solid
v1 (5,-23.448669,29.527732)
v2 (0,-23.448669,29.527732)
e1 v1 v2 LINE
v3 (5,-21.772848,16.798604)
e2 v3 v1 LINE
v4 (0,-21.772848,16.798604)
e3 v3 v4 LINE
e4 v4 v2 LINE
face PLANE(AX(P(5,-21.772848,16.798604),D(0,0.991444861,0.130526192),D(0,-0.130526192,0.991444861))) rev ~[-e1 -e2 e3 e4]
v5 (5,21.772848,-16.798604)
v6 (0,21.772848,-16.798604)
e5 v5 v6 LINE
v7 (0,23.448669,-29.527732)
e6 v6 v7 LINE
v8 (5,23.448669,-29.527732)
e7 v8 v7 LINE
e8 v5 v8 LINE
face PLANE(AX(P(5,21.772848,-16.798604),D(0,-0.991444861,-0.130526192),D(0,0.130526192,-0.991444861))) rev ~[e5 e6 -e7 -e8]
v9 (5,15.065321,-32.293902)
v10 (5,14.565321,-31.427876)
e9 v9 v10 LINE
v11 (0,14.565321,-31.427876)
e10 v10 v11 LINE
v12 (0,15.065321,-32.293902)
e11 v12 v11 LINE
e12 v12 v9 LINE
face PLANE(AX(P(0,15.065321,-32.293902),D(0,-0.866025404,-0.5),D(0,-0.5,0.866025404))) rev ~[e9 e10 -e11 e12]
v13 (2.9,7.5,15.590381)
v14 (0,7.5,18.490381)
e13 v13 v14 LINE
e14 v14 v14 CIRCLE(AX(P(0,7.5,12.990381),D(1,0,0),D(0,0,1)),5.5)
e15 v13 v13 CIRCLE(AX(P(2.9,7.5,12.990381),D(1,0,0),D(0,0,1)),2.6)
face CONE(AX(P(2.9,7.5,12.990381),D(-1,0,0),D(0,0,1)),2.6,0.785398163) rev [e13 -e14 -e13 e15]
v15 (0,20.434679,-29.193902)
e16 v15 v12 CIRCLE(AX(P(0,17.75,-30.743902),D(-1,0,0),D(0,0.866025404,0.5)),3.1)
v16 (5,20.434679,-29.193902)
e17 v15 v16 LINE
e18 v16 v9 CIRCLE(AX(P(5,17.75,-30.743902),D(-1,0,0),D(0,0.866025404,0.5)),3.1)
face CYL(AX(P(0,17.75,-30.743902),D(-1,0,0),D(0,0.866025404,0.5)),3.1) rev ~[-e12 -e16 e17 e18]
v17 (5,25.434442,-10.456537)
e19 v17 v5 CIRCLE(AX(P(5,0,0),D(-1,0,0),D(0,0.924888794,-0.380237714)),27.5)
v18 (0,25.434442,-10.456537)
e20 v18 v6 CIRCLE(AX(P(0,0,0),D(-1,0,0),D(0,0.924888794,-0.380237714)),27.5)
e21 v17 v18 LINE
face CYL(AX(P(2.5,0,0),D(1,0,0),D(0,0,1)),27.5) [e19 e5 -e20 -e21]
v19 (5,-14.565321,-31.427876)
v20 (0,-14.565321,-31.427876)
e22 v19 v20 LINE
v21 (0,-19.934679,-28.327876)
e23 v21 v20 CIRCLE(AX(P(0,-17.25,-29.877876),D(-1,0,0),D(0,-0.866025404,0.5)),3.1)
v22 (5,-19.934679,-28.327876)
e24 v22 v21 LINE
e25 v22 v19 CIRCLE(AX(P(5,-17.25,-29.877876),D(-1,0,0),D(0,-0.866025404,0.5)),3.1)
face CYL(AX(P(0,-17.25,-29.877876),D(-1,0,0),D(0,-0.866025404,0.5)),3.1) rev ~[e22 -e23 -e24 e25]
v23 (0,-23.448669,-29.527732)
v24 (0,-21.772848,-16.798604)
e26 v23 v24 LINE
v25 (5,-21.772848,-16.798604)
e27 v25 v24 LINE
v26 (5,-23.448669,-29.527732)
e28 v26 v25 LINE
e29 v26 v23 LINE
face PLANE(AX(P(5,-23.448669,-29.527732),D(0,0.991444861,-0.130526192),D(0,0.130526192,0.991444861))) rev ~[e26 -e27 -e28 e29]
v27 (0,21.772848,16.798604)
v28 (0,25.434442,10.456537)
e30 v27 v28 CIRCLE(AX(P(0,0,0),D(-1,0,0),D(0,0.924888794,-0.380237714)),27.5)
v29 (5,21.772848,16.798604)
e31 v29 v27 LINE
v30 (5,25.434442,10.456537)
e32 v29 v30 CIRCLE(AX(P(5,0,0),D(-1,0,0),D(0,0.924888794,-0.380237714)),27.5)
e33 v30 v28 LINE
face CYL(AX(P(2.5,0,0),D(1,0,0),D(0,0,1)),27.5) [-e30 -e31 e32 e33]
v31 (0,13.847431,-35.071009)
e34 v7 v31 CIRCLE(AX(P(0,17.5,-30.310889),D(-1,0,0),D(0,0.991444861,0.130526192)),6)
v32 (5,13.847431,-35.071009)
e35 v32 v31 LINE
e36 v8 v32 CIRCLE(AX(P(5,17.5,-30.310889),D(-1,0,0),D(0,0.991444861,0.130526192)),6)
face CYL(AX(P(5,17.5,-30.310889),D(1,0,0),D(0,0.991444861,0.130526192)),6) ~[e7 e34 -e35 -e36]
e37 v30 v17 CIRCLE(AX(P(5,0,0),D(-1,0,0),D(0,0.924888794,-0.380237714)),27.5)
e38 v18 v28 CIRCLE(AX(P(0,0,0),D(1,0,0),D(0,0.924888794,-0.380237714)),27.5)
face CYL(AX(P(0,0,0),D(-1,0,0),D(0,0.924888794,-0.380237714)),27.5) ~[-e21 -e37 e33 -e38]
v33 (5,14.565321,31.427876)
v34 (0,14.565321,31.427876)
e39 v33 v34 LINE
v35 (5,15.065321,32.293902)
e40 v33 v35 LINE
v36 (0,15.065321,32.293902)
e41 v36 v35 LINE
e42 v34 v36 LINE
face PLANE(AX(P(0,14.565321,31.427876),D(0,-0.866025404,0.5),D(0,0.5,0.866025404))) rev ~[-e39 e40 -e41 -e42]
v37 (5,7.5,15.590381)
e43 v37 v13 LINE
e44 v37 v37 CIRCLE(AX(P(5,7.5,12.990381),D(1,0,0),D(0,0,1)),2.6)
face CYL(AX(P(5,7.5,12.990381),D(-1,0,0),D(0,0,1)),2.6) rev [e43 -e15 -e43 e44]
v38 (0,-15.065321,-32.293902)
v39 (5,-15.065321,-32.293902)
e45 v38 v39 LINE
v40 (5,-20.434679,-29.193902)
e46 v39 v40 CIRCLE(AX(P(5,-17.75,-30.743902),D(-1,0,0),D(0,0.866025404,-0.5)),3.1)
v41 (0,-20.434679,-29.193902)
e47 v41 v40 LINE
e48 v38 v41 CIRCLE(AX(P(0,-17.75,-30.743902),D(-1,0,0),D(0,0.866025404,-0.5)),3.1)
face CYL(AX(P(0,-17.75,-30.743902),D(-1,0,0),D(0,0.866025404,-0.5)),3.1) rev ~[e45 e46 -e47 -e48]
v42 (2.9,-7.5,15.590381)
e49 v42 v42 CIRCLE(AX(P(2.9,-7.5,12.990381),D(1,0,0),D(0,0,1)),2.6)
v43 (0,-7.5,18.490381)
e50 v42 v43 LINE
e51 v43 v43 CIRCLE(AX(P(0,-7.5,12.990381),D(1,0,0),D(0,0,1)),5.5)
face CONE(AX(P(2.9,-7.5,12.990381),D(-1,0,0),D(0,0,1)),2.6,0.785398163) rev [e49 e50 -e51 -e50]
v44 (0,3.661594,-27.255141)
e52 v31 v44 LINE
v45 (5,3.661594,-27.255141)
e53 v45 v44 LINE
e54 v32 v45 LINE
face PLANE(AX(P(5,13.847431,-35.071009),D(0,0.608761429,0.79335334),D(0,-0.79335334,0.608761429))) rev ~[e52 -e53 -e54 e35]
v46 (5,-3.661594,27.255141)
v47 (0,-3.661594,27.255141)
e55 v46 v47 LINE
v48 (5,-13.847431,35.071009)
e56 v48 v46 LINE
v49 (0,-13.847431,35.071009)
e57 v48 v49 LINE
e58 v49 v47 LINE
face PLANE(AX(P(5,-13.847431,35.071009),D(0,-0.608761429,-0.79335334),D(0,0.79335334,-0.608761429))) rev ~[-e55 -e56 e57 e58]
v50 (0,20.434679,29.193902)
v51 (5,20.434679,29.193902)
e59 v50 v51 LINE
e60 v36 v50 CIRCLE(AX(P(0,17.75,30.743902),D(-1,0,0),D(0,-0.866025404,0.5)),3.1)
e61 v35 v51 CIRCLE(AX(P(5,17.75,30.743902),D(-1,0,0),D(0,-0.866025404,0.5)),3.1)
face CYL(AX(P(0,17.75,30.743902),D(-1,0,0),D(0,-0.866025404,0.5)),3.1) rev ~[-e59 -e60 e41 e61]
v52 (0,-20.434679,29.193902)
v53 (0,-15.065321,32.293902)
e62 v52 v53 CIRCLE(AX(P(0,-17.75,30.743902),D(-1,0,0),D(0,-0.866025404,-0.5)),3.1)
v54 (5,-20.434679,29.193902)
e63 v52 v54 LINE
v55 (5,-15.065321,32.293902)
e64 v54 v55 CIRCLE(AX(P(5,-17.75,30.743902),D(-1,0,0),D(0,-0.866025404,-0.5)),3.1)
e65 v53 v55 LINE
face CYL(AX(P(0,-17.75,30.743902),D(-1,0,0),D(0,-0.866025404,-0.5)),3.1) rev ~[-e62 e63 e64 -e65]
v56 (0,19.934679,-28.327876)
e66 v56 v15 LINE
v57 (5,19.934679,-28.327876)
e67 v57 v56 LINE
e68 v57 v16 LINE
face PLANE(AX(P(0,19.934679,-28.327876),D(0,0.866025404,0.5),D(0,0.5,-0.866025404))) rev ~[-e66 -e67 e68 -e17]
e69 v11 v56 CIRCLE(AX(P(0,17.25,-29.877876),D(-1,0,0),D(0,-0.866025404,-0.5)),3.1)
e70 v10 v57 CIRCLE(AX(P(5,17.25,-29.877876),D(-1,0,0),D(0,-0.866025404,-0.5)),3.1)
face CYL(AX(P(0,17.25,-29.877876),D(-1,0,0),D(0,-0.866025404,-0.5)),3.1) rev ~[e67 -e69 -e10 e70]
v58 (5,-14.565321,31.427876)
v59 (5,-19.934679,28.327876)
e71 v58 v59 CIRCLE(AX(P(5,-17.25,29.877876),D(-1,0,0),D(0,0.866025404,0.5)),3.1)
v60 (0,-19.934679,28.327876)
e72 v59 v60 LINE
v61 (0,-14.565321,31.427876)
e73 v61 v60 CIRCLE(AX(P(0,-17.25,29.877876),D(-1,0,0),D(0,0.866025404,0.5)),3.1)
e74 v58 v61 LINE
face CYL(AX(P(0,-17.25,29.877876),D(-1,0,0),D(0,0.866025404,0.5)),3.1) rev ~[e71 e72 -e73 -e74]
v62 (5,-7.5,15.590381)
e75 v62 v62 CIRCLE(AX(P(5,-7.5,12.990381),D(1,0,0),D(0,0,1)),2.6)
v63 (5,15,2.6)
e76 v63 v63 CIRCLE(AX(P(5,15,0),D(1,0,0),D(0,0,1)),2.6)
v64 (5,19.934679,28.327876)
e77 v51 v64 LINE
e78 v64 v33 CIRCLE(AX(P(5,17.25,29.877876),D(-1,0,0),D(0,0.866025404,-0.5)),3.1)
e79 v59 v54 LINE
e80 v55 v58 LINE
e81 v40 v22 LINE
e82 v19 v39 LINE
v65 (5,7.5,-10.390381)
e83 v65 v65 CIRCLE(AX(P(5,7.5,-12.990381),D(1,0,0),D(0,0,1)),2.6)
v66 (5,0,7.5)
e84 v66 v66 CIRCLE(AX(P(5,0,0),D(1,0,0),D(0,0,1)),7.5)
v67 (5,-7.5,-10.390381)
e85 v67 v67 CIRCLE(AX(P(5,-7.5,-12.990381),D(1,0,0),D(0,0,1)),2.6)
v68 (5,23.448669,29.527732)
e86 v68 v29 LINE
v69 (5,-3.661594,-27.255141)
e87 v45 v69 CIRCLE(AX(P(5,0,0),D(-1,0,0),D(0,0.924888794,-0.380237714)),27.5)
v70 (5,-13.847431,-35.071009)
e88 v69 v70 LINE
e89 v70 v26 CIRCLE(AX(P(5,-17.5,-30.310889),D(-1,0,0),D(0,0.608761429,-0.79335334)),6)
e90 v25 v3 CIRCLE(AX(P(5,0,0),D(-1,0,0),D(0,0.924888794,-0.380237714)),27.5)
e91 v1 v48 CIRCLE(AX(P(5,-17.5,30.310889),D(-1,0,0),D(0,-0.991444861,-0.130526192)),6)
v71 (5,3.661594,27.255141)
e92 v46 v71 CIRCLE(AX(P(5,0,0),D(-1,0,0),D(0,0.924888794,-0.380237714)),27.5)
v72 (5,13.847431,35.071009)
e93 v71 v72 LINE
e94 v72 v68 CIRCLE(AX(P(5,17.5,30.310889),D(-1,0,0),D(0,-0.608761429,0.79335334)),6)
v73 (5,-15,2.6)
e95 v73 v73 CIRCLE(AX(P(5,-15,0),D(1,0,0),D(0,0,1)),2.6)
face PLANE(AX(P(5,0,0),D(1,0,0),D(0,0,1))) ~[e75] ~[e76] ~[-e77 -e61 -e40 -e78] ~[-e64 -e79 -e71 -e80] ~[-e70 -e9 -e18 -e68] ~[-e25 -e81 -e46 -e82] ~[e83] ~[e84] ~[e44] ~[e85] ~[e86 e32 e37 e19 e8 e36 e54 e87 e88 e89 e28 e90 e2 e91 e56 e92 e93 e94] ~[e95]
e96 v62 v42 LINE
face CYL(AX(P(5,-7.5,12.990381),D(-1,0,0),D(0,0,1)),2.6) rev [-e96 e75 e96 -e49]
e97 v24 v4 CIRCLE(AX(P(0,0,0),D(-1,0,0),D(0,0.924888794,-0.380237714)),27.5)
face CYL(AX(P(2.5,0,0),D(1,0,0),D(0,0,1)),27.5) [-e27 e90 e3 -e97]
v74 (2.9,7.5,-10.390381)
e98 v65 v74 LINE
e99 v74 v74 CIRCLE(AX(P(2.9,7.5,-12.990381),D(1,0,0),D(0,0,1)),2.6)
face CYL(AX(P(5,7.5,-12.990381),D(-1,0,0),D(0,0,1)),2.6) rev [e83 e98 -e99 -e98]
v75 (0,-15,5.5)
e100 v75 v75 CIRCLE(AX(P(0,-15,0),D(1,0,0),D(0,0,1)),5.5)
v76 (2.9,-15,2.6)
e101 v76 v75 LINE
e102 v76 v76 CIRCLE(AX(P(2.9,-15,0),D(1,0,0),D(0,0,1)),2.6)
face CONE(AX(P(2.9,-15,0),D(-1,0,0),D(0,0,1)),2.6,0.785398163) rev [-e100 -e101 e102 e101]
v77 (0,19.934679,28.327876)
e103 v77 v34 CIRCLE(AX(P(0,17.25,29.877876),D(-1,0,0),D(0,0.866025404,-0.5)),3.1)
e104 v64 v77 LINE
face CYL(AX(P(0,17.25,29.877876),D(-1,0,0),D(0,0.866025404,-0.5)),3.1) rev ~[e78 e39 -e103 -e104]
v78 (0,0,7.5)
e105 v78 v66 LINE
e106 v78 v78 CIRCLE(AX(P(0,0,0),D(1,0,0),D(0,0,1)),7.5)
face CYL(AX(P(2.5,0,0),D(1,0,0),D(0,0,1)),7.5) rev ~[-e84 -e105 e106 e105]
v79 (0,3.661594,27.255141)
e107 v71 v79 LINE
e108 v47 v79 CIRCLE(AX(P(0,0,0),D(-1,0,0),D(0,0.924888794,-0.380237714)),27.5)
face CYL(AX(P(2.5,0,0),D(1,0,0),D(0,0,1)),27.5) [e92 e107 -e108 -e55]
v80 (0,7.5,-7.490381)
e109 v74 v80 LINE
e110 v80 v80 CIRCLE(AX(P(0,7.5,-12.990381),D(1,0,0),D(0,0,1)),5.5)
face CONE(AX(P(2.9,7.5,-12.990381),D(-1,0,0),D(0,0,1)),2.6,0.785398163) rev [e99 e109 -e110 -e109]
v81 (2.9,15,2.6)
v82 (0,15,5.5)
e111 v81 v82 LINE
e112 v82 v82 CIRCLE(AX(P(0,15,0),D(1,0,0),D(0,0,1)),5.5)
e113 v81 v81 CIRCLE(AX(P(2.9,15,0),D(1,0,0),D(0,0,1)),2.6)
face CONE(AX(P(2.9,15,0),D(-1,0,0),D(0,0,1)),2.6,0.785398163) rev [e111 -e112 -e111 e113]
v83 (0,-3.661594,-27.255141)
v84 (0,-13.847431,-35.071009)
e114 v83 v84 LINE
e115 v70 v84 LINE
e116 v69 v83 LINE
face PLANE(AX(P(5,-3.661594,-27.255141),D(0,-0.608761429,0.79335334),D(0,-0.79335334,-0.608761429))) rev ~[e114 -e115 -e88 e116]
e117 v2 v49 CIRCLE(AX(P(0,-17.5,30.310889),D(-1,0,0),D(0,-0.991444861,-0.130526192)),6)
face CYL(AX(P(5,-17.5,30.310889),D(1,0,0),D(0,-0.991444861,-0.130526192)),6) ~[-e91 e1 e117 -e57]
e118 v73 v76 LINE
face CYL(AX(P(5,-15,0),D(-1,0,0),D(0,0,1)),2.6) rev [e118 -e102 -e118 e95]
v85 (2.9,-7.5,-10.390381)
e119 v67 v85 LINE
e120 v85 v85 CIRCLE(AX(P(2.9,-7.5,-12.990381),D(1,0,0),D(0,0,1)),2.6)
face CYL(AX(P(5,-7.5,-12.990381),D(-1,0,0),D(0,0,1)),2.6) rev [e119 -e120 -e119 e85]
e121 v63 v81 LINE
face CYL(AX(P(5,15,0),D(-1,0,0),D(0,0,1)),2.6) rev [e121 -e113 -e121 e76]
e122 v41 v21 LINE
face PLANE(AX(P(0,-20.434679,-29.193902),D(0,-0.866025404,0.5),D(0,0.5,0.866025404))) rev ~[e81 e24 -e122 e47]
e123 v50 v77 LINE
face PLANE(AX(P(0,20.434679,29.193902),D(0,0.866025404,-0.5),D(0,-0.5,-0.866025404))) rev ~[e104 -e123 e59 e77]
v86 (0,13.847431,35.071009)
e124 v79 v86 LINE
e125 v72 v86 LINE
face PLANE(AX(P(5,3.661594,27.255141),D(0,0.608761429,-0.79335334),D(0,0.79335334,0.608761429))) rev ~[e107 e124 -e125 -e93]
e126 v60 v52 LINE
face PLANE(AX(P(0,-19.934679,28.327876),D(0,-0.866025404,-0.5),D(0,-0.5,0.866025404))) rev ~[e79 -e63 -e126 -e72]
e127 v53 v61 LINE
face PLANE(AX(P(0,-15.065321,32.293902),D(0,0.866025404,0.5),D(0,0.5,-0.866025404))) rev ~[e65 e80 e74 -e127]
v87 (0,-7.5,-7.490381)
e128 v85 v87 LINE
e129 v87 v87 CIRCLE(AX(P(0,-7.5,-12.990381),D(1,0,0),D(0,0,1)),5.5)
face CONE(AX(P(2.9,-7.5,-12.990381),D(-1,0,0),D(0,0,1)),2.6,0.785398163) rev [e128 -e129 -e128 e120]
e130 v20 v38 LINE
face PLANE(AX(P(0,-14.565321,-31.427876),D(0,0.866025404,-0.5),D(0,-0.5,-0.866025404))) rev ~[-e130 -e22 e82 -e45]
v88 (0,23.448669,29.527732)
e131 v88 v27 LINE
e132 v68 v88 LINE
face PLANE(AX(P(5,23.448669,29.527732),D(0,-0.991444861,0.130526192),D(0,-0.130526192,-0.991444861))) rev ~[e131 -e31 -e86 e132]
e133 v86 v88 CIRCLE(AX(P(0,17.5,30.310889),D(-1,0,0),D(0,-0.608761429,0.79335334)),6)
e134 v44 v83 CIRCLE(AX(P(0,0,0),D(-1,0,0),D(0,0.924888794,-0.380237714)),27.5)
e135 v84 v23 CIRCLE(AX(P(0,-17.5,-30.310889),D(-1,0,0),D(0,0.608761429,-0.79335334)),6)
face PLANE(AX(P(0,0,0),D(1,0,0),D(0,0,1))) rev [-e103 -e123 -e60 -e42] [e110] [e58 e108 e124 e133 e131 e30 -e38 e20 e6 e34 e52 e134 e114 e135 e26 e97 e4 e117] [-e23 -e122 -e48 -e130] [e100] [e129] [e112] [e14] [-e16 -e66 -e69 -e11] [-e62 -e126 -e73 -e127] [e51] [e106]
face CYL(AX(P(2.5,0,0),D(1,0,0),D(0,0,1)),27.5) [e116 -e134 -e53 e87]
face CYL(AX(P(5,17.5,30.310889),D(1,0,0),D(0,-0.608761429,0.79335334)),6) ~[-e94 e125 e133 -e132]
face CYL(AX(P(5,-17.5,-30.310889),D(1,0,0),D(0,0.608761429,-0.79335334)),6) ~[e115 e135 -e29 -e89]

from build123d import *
from build123d.topology import SkipClean

# Parameters (mm, degrees)
SKETCH_1_W                 = 5
SKETCH_1_H                 = 20
EXTRUDE_START              = -5
EXTRUDE_1_DEPTH            = 5
PATTERN_CIRCULAR_3_COUNT   = 3
PATTERN_CIRCULAR_3_ANGLE   = 120
F_3_THE_OTHER_WAY_COUNT    = 3
F_3_THE_OTHER_WAY_ANGLE    = 120
CUT_EXTRUDE_3_DEPTH        = 55.995278612
PATTERN_CIRCULAR_2_COUNT   = 3
PATTERN_CIRCULAR_2_ANGLE   = 120
F_2_THE_OTHER_WAY_COUNT    = 3
F_2_THE_OTHER_WAY_ANGLE    = 120
HOLE_WIZARD_M51_AT_2_COUNT = 2
HOLE_WIZARD_M51_AT_2_PITCH = 15
HOLE_WIZARD_M51_AT_3_COUNT = 2
HOLE_WIZARD_M51_AT_3_PITCH = 25.980762114
HOLE_WIZARD_M51_AT_4_COUNT = 2
HOLE_WIZARD_M51_AT_4_PITCH = 30
HOLE_WIZARD_M51_AT_5_COUNT = 2
HOLE_WIZARD_M51_AT_5_PITCH = 25.980762114
HOLE_WIZARD_M51_AT_6_COUNT = 2
HOLE_WIZARD_M51_AT_6_PITCH = 15
CUT_EXTRUDE_4_DEPTH        = 55.995278612


with BuildPart() as part:
    # Эскиз1 → Повернуть1 (revolve)
    with BuildSketch(Plane.XY, mode=Mode.PRIVATE) as revolve_1_sk:
        with Locations((2.5, 17.5)):
            Rectangle(SKETCH_1_W, SKETCH_1_H)
    revolve(revolve_1_sk.sketch.rotate(Axis((-29.36512031, 0, 0), (1, 0, 0)), 90), axis=Axis((-29.36512031, 0, 0), (1, 0, 0)))

    # Эскиз11 → Бобышка-Вытянуть1 (add)
    with BuildSketch(Plane.ZY.offset(EXTRUDE_START)):
        with BuildLine():
            Line((-5.543277195, 37.296100594), (-10.456537126, 25.434441832))
            ThreePointArc((-10.456537126, 25.434441832), (0, 27.5), (10.456537126, 25.434441832))
            Line((10.456537126, 25.434441832), (5.543277195, 37.296100594))
            ThreePointArc((5.543277195, 37.296100594), (0, 41), (-5.543277195, 37.296100594))
        make_face()
    extrude_1 = extrude(amount=EXTRUDE_1_DEPTH)

    # Круговой массив3: Бобышка-Вытянуть1 ×3 about axis
    pattern_circular_3_axis = Axis((0, 0, 0), (-1, 0, 0))
    for i in range(1, PATTERN_CIRCULAR_3_COUNT):
        add(extrude_1.rotate(pattern_circular_3_axis, i * PATTERN_CIRCULAR_3_ANGLE / (PATTERN_CIRCULAR_3_COUNT - 1)))

    # 3 the other way: Бобышка-Вытянуть1 ×3 about axis
    f_3_the_other_way_axis = Axis((0, 0, 0), (1, 0, 0))
    for i in range(1, F_3_THE_OTHER_WAY_COUNT):
        add(extrude_1.rotate(f_3_the_other_way_axis, i * F_3_THE_OTHER_WAY_ANGLE / (F_3_THE_OTHER_WAY_COUNT - 1)))

    # Эскиз6 → Вырез-Вытянуть3 (cut, symmetric)
    with BuildSketch(Plane.ZY):
        with BuildLine():
            Line((-3.1, 35.5), (-3.1, 34.5))
            ThreePointArc((-3.1, 34.5), (0, 31.4), (3.1, 34.5))
            Line((3.1, 34.5), (3.1, 35.5))
            ThreePointArc((3.1, 35.5), (0, 38.6), (-3.1, 35.5))
        make_face()
    cut_extrude_3 = extrude(amount=CUT_EXTRUDE_3_DEPTH, both=True, mode=Mode.SUBTRACT)

    # Круговой массив2: Вырез-Вытянуть3 ×3 about axis
    pattern_circular_2_axis = Axis((0, 0, 0), (-1, 0, 0))
    for i in range(1, PATTERN_CIRCULAR_2_COUNT):
        add(cut_extrude_3.rotate(pattern_circular_2_axis, i * PATTERN_CIRCULAR_2_ANGLE / (PATTERN_CIRCULAR_2_COUNT - 1)), mode=Mode.SUBTRACT)

    # 2 the other way: Вырез-Вытянуть3 ×3 about axis
    f_2_the_other_way_axis = Axis((0, 0, 0), (1, 0, 0))
    for i in range(1, F_2_THE_OTHER_WAY_COUNT):
        add(cut_extrude_3.rotate(f_2_the_other_way_axis, i * F_2_THE_OTHER_WAY_ANGLE / (F_2_THE_OTHER_WAY_COUNT - 1)), mode=Mode.SUBTRACT)

    # Эскиз10 → Зенковка для винта с потайной головкой и внутренним шестигранником M51 (revolve, cut)
    with BuildSketch(Plane.ZX.offset(15)):
        Polygon((0, 0), (0, 5), (2.6, 5), (2.6, 2.9), (5.5, 0), align=None)
    hole_wizard_m51 = revolve(axis=Axis((-6.35, 15, 0), (1, 0, 0)), mode=Mode.SUBTRACT)

    # Зенковка для винта с потайной головкой и внутренним шестигранником M51 at 2: Зенковка для винта с потайной головкой и внутренним шестигранником M51 ×2
    with Locations(*[Vector(0, -0.4999999999999632, 0.8660254037844599) * (i * HOLE_WIZARD_M51_AT_2_PITCH) for i in range(1, HOLE_WIZARD_M51_AT_2_COUNT)]):
        add(hole_wizard_m51, mode=Mode.SUBTRACT)

    # Зенковка для винта с потайной головкой и внутренним шестигранником M51 at 3: Зенковка для винта с потайной головкой и внутренним шестигранником M51 ×2
    with Locations(*[Vector(0, -0.8660254037844174, 0.5000000000000369) * (i * HOLE_WIZARD_M51_AT_3_PITCH) for i in range(1, HOLE_WIZARD_M51_AT_3_COUNT)]):
        add(hole_wizard_m51, mode=Mode.SUBTRACT)

    # Зенковка для винта с потайной головкой и внутренним шестигранником M51 at 4: Зенковка для винта с потайной головкой и внутренним шестигранником M51 ×2
    with Locations(*[(0, -i * HOLE_WIZARD_M51_AT_4_PITCH, 0) for i in range(1, HOLE_WIZARD_M51_AT_4_COUNT)]):
        add(hole_wizard_m51, mode=Mode.SUBTRACT)

    # Зенковка для винта с потайной головкой и внутренним шестигранником M51 at 5: Зенковка для винта с потайной головкой и внутренним шестигранником M51 ×2
    with Locations(*[Vector(0, -0.8660254037844599, -0.49999999999996314) * (i * HOLE_WIZARD_M51_AT_5_PITCH) for i in range(1, HOLE_WIZARD_M51_AT_5_COUNT)]):
        add(hole_wizard_m51, mode=Mode.SUBTRACT)

    # Зенковка для винта с потайной головкой и внутренним шестигранником M51 at 6: Зенковка для винта с потайной головкой и внутренним шестигранником M51 ×2
    with Locations(*[Vector(0, -0.5000000000000366, -0.8660254037844176) * (i * HOLE_WIZARD_M51_AT_6_PITCH) for i in range(1, HOLE_WIZARD_M51_AT_6_COUNT)]):
        add(hole_wizard_m51, mode=Mode.SUBTRACT)

    # Эскиз12 → Вырез-Вытянуть4 (cut, through all)
    with SkipClean():  # the faces are left unmerged after this step: merging them gives an invalid solid
        with BuildSketch(Plane.ZY):
            with BuildLine():
                Line((10.456537126, 25.434441832), (5.543277195, 37.296100594))
                ThreePointArc((5.543277195, 37.296100594), (0, 41), (-5.543277195, 37.296100594))
                Line((-5.543277195, 37.296100594), (-10.456537126, 25.434441832))
                ThreePointArc((-10.456537126, 25.434441832), (0, 27.5), (10.456537126, 25.434441832))
            make_face()
        extrude(amount=-CUT_EXTRUDE_4_DEPTH, mode=Mode.SUBTRACT)


solid = part.part
